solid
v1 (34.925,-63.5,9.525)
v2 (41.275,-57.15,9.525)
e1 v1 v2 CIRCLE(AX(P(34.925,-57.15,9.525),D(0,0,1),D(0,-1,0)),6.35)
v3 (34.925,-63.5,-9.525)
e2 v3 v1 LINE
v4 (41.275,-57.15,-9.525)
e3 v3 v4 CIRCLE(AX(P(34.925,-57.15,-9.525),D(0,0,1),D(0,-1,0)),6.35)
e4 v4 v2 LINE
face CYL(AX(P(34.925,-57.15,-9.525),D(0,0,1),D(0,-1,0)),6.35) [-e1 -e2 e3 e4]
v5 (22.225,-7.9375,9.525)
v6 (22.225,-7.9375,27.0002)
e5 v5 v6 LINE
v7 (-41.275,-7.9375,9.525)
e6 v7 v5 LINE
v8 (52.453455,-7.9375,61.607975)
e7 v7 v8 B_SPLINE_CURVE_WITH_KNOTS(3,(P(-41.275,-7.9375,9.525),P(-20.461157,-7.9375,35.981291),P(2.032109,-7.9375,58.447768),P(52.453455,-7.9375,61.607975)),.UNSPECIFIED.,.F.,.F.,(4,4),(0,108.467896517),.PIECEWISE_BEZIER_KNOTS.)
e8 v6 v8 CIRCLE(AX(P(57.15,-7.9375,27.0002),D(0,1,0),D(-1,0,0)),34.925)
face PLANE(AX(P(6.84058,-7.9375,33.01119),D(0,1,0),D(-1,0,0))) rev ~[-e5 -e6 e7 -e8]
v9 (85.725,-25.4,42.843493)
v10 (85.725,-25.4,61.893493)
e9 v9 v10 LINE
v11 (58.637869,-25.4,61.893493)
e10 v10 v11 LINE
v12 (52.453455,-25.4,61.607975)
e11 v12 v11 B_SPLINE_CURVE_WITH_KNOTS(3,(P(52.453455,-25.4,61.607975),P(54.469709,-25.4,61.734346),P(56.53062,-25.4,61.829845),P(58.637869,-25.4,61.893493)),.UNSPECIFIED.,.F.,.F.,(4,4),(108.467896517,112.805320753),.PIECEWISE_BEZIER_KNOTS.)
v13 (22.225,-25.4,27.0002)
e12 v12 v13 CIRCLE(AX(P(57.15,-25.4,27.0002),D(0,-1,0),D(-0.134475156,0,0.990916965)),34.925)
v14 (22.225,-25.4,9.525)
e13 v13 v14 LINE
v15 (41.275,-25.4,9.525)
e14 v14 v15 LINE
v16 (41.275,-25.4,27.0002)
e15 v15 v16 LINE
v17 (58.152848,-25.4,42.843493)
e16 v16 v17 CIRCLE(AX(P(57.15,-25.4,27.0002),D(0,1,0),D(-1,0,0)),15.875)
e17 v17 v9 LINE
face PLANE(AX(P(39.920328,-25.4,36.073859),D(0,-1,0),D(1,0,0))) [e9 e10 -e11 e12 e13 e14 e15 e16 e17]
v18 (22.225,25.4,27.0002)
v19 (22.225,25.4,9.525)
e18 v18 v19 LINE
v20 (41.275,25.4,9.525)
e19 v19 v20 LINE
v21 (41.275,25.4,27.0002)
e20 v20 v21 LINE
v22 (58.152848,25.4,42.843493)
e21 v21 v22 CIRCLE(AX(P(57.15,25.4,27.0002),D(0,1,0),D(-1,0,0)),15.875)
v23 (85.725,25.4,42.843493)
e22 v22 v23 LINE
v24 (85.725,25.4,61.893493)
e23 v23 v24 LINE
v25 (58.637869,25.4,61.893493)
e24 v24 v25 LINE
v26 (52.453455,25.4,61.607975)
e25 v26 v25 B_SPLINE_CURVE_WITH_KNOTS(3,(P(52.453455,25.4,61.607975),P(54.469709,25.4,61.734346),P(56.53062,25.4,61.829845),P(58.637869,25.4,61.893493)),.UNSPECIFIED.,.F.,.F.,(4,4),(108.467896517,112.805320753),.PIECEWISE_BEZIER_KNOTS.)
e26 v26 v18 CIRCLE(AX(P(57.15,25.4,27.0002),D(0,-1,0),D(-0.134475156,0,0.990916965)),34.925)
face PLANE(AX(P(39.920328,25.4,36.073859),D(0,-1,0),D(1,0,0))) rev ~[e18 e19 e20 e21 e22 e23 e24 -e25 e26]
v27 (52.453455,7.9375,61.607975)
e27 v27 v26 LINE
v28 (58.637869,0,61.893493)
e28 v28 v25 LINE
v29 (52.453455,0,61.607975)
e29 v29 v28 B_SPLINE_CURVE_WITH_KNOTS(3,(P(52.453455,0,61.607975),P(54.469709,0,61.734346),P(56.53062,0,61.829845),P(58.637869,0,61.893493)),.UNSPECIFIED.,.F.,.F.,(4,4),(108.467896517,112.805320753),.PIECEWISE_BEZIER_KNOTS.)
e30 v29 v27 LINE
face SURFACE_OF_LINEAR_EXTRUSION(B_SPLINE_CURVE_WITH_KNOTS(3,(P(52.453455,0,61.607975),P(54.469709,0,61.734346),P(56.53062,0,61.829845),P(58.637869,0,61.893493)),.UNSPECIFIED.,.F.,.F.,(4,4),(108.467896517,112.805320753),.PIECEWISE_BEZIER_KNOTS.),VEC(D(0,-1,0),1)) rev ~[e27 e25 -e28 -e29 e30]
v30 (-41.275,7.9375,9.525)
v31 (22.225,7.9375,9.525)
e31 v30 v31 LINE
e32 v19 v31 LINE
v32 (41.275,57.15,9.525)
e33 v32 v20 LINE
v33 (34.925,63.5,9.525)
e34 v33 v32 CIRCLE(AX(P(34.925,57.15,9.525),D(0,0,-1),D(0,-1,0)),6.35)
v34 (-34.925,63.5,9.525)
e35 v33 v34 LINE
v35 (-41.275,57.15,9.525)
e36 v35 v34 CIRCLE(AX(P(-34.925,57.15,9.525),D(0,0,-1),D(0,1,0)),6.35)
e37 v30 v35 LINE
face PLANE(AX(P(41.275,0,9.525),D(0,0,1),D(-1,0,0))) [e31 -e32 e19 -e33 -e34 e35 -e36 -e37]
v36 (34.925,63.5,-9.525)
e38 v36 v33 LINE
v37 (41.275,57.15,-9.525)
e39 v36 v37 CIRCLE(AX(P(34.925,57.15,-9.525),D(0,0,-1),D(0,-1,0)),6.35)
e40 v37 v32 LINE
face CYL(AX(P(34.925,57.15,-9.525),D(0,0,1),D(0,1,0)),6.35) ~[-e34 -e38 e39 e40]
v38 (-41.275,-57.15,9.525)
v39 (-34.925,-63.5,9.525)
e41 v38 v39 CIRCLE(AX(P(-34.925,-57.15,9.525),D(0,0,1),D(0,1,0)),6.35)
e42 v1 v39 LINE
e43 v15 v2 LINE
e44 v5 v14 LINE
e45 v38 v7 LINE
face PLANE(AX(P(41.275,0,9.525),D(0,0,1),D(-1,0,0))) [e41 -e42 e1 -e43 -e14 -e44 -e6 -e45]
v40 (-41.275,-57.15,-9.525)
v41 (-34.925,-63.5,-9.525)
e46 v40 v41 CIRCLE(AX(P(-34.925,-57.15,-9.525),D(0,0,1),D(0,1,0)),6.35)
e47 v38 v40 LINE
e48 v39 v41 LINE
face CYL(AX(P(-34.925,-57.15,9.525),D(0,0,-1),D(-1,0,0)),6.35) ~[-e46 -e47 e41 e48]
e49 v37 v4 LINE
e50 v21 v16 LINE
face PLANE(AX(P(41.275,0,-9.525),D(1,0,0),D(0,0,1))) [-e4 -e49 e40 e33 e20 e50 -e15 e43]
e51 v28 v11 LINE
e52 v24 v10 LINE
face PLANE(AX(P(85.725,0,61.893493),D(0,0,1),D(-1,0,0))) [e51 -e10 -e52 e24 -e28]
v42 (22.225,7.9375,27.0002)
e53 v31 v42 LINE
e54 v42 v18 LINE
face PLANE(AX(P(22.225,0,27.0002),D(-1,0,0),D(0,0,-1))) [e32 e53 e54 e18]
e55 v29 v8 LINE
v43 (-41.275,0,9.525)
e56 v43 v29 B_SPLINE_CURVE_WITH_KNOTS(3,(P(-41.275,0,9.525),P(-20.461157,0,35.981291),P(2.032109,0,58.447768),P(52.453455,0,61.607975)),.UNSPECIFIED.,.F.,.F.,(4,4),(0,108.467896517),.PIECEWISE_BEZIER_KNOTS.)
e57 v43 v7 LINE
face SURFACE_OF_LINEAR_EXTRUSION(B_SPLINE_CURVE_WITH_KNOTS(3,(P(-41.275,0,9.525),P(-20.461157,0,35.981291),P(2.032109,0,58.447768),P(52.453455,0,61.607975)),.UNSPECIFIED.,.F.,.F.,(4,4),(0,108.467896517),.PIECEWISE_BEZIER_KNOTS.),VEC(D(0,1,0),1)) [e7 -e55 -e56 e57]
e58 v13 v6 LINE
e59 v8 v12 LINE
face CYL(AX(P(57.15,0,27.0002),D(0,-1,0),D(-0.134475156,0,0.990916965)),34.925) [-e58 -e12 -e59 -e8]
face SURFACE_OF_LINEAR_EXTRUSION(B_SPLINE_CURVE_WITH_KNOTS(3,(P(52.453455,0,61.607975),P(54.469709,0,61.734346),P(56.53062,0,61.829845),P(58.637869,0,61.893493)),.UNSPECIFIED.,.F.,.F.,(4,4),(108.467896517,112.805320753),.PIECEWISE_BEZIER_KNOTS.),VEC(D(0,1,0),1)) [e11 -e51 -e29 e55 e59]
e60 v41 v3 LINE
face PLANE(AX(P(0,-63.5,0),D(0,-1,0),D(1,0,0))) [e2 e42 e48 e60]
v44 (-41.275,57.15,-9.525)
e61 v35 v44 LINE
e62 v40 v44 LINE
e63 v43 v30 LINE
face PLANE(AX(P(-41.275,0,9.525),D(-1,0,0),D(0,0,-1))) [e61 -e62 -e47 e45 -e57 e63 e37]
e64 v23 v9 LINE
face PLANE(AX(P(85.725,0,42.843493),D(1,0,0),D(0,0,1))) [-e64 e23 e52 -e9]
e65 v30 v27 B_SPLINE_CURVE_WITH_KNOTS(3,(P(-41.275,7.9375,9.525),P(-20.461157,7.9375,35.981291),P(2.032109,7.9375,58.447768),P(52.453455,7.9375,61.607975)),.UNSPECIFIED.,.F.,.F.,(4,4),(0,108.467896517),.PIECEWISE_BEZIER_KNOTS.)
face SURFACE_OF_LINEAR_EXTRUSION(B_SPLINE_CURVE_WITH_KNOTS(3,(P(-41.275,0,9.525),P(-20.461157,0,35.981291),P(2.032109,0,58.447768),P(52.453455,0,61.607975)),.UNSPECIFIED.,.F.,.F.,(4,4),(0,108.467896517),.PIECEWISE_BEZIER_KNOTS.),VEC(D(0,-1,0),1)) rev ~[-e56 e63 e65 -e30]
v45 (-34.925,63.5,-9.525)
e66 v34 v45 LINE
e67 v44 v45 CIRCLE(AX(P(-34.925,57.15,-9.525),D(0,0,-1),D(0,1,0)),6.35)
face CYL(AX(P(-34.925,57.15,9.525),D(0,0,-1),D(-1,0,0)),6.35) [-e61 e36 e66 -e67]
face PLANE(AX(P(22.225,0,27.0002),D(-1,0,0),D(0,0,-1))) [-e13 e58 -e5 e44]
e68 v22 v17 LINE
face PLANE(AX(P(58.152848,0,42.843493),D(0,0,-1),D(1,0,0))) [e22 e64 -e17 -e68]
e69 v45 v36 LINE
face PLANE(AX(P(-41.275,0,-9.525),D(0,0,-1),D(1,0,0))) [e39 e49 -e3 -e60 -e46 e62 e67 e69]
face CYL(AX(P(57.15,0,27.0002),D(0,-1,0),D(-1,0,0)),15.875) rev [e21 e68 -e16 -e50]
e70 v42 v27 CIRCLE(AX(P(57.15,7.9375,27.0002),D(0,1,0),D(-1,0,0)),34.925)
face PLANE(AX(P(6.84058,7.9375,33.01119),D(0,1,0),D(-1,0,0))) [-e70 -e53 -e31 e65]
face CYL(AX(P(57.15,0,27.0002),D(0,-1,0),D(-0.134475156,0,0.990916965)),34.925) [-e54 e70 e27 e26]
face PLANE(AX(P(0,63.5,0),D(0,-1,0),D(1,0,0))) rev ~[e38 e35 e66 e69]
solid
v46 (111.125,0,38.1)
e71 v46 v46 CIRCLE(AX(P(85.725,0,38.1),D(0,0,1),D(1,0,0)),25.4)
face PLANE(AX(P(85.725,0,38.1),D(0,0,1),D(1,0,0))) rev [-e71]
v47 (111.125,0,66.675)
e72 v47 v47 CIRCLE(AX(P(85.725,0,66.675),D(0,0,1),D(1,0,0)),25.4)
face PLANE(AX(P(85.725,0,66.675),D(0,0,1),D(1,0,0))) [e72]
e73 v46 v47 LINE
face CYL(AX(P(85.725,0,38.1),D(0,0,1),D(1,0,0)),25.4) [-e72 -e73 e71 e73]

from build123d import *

# Parameters (mm, degrees)
F1_DEPTH = 63.5
F0_W     = 25.4
F0_H     = 19.05
F2_DEPTH = 25.4
F3_DEPTH = 7.9375
F5_R     = 6.35


with BuildPart() as f1:
    # F0 (on Front) → F1 (new body, symmetric)
    with BuildSketch(Plane.XZ):
        Polygon((-41.275, -9.525), (41.275, -9.525), (41.275, 9.525), (22.225, 9.525), (-41.275, 9.525), align=None)
    extrude(amount=F1_DEPTH, both=True)

    # F0 (on Front) → F2 (join, symmetric)
    with BuildSketch(Plane.XZ):
        with BuildLine():
            Line((22.225, 9.525), (41.275, 9.525))
            Line((41.275, 9.525), (41.275, 27.0002))
            ThreePointArc((41.275, 27.0002), (46.2850237242, 38.5746509817), (58.1528476254, 42.8434926388))
            Line((58.1528476254, 42.8434926388), (60.325, 42.8434926388))
            Line((60.325, 42.8434926388), (60.325, 61.8934926388))
            Line((60.325, 61.8934926388), (58.6378688852, 61.8934926388))
            add(Edge.make_bspline(
                [(52.4534551794, 61.6079750187), (54.4697086155, 61.7343456613), (56.5306203793, 61.8298446607), (58.6378688852, 61.8934926388)],
                knots=[108.4678965171, 108.4678965171, 108.4678965171, 108.4678965171, 112.8053207528, 112.8053207528, 112.8053207528, 112.8053207528], degree=3))
            ThreePointArc((52.4534551794, 61.6079750187), (30.8461746807, 49.9754997493), (22.225, 27.0002))
            Line((22.225, 27.0002), (22.225, 9.525))
        make_face()
        with Locations((73.025, 52.3684926388)):
            Rectangle(F0_W, F0_H)
    extrude(amount=F2_DEPTH, both=True)

    # F0 (on Front) → F3 (join, symmetric)
    with BuildSketch(Plane.XZ):
        with BuildLine():
            add(Edge.make_bspline(
                [(-41.275, 9.525), (-20.4611566288, 35.9812911756), (2.0321089665, 58.447768169), (52.4534551794, 61.6079750187)],
                knots=[0, 0, 0, 0, 108.4678965171, 108.4678965171, 108.4678965171, 108.4678965171], degree=3))
            Line((-41.275, 9.525), (22.225, 9.525))
            Line((22.225, 9.525), (22.225, 27.0002))
            ThreePointArc((22.225, 27.0002), (30.8461746807, 49.9754997493), (52.4534551794, 61.6079750187))
        make_face()
    extrude(amount=F3_DEPTH, both=True)

    # F5
    f5_edges = [f1.edges().sort_by_distance(p)[0] for p in [
        (41.275, 63.5, 0),
        (41.275, -63.5, 0),
        (-41.275, -63.5, 0),
        (-41.275, 63.5, 0),
    ]]
    fillet(f5_edges, radius=F5_R)


with BuildPart() as f4:
    # F0 (on Front) → F4 (revolve)
    with BuildSketch(Plane.XZ):
        Polygon((85.725, 61.8934926388), (85.725, 42.8434926388), (85.725, 38.1), (111.125, 38.1), (111.125, 66.675), (85.725, 66.675), align=None)
    revolve(axis=Axis((85.725, 0, 52.3684926388), (0, 0, 1)))


solid = Compound([f1.part, f4.part])
